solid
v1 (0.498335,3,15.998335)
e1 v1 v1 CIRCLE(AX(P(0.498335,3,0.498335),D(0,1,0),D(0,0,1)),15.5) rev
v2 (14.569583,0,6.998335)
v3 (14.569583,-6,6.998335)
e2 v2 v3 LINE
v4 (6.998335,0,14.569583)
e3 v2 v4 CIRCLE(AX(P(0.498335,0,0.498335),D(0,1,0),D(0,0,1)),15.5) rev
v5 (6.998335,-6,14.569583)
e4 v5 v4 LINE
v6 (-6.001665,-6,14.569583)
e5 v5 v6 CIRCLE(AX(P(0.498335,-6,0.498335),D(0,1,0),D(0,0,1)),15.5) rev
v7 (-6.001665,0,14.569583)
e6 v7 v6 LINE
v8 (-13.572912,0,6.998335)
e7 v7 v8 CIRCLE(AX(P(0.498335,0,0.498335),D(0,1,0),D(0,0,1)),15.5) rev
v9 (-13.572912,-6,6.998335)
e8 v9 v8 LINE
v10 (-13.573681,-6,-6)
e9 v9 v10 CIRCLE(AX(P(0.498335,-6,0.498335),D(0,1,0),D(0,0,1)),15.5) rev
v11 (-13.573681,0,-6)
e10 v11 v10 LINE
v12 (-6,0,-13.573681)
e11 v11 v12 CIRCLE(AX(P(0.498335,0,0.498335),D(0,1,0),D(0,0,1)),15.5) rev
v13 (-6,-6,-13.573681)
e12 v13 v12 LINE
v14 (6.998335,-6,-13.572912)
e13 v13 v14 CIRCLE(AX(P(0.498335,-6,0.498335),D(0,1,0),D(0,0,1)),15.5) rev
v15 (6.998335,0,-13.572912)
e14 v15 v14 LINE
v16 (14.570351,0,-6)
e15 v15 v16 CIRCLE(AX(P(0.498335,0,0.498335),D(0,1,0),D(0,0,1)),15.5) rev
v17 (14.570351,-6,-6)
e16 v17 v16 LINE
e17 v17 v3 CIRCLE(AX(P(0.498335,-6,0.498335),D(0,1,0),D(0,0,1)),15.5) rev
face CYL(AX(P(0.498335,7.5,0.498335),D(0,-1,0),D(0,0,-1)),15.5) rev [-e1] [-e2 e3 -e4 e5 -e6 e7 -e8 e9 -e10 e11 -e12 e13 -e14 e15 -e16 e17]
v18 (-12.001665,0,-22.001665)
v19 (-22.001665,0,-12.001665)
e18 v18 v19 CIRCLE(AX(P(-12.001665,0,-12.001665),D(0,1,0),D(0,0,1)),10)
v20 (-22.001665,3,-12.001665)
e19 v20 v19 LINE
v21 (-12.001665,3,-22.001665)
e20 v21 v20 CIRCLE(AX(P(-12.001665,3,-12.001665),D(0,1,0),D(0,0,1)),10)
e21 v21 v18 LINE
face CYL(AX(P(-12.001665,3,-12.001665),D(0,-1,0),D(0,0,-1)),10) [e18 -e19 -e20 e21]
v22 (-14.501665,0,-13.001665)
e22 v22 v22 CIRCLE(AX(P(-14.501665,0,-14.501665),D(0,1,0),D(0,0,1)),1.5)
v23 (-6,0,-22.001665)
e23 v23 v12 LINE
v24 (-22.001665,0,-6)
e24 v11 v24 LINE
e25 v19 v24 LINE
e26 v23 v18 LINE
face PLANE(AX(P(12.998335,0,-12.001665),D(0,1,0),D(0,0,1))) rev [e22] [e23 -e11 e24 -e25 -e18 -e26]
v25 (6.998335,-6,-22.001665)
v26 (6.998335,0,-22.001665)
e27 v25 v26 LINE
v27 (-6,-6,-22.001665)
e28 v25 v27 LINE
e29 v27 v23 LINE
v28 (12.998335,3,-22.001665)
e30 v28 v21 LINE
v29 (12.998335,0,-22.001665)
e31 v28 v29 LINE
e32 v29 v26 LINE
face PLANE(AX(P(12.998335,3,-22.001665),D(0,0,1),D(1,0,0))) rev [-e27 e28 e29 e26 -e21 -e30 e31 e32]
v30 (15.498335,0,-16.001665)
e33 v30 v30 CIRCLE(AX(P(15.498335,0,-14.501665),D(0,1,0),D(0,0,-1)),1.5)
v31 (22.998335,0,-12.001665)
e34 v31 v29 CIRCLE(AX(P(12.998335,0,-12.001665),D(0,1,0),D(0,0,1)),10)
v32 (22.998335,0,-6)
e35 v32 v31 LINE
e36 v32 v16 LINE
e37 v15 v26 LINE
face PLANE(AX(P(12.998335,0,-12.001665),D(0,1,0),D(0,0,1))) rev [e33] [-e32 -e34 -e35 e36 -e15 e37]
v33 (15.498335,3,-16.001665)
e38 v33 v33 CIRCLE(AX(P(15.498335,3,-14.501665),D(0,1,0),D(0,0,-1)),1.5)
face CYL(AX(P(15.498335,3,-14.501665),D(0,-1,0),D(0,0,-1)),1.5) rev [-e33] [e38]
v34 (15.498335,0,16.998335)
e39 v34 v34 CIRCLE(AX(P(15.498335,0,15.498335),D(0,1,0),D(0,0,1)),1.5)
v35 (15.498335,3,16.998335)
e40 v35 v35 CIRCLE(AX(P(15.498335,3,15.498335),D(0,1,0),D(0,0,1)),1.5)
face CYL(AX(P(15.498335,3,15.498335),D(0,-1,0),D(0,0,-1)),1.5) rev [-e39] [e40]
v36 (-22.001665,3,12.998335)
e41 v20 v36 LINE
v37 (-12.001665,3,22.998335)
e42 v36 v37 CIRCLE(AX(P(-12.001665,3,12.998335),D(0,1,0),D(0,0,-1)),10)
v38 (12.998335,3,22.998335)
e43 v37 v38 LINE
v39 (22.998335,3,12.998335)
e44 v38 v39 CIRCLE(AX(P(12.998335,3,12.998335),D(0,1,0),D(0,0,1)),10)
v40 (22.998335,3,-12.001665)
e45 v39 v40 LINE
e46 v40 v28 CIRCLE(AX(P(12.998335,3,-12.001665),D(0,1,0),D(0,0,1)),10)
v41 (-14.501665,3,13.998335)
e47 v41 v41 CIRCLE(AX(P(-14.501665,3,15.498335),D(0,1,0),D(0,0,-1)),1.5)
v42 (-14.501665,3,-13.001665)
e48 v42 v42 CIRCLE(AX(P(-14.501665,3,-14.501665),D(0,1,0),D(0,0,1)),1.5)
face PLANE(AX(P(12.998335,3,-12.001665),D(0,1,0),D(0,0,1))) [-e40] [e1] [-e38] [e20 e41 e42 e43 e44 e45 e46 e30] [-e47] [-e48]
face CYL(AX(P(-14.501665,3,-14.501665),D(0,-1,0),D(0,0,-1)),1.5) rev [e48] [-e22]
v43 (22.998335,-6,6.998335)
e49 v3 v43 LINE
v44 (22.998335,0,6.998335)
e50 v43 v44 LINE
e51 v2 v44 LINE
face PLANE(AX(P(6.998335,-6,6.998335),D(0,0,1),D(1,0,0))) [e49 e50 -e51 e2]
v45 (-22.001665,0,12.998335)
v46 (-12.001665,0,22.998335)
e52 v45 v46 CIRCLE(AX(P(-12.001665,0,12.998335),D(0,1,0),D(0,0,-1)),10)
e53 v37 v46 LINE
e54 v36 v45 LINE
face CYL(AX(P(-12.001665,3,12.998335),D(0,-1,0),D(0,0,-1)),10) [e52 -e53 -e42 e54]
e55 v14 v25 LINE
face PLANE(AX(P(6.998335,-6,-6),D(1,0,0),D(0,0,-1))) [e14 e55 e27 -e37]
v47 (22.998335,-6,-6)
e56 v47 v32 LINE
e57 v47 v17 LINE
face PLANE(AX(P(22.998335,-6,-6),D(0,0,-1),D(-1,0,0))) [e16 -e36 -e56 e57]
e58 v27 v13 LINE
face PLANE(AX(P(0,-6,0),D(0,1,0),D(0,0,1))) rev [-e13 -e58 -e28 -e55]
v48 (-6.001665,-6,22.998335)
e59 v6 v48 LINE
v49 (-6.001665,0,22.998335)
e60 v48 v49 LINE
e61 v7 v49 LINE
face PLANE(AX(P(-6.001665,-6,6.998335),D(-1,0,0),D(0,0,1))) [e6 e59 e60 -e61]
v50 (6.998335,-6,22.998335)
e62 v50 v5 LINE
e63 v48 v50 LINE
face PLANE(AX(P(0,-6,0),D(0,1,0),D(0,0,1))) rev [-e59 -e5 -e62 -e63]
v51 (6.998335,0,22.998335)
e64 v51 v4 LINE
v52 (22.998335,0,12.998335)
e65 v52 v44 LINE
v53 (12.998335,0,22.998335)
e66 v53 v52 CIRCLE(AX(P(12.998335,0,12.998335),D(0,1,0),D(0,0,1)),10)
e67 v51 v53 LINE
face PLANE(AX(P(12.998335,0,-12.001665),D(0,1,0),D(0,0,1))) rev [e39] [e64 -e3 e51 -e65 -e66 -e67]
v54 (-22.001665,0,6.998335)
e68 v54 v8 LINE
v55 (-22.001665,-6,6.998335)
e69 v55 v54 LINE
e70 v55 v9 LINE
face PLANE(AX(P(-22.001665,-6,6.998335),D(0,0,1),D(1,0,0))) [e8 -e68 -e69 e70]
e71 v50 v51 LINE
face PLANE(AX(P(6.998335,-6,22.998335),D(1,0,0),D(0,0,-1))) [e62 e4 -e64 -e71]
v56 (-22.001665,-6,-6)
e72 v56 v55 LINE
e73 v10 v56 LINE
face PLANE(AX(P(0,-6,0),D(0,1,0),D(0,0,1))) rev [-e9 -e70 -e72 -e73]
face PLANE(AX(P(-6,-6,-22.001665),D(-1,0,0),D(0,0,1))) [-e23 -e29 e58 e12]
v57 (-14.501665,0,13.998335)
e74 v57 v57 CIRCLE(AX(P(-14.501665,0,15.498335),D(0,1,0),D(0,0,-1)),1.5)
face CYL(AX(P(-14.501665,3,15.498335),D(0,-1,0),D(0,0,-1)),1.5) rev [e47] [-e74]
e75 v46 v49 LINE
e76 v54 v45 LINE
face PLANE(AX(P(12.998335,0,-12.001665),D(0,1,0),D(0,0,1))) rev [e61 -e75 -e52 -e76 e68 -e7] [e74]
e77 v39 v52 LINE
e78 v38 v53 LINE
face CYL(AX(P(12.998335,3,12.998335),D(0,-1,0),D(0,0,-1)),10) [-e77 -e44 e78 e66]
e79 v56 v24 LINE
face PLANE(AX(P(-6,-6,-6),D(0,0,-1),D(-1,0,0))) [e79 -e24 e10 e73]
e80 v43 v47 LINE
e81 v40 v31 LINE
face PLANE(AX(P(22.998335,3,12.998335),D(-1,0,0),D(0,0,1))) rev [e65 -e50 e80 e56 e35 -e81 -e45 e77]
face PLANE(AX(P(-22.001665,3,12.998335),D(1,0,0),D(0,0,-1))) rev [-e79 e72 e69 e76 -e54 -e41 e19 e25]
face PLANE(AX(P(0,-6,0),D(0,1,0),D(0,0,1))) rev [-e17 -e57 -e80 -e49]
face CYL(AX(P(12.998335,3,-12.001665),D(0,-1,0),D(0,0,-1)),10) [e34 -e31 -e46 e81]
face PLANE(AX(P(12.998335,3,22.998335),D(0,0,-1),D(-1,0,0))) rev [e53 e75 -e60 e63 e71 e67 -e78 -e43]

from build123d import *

# Parameters (mm, degrees)
SKETCH1_R           = 1.5
BOSS_EXTRUDE1_DEPTH = 3
BOSS_EXTRUDE2_DEPTH = 6
SKETCH3_R           = 15.5
CUT_EXTRUDE1_DEPTH  = 7.5


with BuildPart() as part:
    # Sketch1 → Boss-Extrude1 (new body)
    with BuildSketch(Plane(origin=(0, 0, 0), x_dir=(1, 0, 0), z_dir=(0, 1, 0))):
        with BuildLine():
            Line((12.998335315, -22.998335315), (-12.001664685, -22.998335315))
            ThreePointArc((-12.001664685, -22.998335315), (-19.072732497, -20.069403127), (-22.001664685, -12.998335315))
            Line((-22.001664685, -12.998335315), (-22.001664685, 12.001664685))
            ThreePointArc((-22.001664685, 12.001664685), (-19.072732497, 19.072732497), (-12.001664685, 22.001664685))
            Line((-12.001664685, 22.001664685), (12.998335315, 22.001664685))
            ThreePointArc((12.998335315, 22.001664685), (20.069403127, 19.072732497), (22.998335315, 12.001664685))
            Line((22.998335315, 12.001664685), (22.998335315, -12.998335315))
            ThreePointArc((22.998335315, -12.998335315), (20.069403127, -20.069403127), (12.998335315, -22.998335315))
        make_face()
        with Locations(Location((-14.501664685, 14.501664685, 0), (0, 0, 270))):
            Circle(SKETCH1_R, mode=Mode.SUBTRACT)
        with Locations(Location((15.498335315, 14.501664685, 0), (0, 0, 90))):
            Circle(SKETCH1_R, mode=Mode.SUBTRACT)
        with Locations(Location((15.498335315, -15.498335315, 0), (0, 0, 270))):
            Circle(SKETCH1_R, mode=Mode.SUBTRACT)
        with Locations(Location((-14.501664685, -15.498335315, 0), (0, 0, 90))):
            Circle(SKETCH1_R, mode=Mode.SUBTRACT)
    extrude(amount=BOSS_EXTRUDE1_DEPTH)

    # Sketch2 → Boss-Extrude2 (add)
    with BuildSketch(Plane(origin=(0, 0, 0), x_dir=(1, 0, 0), z_dir=(0, 1, 0))):
        Polygon((-6, 22.001664685), (-6, 6), (-22.001664685, 6), (-22.001664685, -6.998335315), (-6.001664685, -6.998335315), (-6.001664685, -22.998335315), (6.998335315, -22.998335315), (6.998335315, -6.998335315), (22.998335315, -6.998335315), (22.998335315, 6), (6.998335315, 6), (6.998335315, 22.001664685), align=None)
    extrude(amount=-BOSS_EXTRUDE2_DEPTH)

    # Sketch3 → Cut-Extrude1 (cut, symmetric)
    with BuildSketch(Plane(origin=(0, 0, 0), x_dir=(1, 0, 0), z_dir=(0, 1, 0))):
        with Locations(Location((0.498335315, -0.498335315, 0), (0, 0, 114.787084328))):
            Circle(SKETCH3_R)
    extrude(amount=CUT_EXTRUDE1_DEPTH, both=True, mode=Mode.SUBTRACT)


solid = part.part
